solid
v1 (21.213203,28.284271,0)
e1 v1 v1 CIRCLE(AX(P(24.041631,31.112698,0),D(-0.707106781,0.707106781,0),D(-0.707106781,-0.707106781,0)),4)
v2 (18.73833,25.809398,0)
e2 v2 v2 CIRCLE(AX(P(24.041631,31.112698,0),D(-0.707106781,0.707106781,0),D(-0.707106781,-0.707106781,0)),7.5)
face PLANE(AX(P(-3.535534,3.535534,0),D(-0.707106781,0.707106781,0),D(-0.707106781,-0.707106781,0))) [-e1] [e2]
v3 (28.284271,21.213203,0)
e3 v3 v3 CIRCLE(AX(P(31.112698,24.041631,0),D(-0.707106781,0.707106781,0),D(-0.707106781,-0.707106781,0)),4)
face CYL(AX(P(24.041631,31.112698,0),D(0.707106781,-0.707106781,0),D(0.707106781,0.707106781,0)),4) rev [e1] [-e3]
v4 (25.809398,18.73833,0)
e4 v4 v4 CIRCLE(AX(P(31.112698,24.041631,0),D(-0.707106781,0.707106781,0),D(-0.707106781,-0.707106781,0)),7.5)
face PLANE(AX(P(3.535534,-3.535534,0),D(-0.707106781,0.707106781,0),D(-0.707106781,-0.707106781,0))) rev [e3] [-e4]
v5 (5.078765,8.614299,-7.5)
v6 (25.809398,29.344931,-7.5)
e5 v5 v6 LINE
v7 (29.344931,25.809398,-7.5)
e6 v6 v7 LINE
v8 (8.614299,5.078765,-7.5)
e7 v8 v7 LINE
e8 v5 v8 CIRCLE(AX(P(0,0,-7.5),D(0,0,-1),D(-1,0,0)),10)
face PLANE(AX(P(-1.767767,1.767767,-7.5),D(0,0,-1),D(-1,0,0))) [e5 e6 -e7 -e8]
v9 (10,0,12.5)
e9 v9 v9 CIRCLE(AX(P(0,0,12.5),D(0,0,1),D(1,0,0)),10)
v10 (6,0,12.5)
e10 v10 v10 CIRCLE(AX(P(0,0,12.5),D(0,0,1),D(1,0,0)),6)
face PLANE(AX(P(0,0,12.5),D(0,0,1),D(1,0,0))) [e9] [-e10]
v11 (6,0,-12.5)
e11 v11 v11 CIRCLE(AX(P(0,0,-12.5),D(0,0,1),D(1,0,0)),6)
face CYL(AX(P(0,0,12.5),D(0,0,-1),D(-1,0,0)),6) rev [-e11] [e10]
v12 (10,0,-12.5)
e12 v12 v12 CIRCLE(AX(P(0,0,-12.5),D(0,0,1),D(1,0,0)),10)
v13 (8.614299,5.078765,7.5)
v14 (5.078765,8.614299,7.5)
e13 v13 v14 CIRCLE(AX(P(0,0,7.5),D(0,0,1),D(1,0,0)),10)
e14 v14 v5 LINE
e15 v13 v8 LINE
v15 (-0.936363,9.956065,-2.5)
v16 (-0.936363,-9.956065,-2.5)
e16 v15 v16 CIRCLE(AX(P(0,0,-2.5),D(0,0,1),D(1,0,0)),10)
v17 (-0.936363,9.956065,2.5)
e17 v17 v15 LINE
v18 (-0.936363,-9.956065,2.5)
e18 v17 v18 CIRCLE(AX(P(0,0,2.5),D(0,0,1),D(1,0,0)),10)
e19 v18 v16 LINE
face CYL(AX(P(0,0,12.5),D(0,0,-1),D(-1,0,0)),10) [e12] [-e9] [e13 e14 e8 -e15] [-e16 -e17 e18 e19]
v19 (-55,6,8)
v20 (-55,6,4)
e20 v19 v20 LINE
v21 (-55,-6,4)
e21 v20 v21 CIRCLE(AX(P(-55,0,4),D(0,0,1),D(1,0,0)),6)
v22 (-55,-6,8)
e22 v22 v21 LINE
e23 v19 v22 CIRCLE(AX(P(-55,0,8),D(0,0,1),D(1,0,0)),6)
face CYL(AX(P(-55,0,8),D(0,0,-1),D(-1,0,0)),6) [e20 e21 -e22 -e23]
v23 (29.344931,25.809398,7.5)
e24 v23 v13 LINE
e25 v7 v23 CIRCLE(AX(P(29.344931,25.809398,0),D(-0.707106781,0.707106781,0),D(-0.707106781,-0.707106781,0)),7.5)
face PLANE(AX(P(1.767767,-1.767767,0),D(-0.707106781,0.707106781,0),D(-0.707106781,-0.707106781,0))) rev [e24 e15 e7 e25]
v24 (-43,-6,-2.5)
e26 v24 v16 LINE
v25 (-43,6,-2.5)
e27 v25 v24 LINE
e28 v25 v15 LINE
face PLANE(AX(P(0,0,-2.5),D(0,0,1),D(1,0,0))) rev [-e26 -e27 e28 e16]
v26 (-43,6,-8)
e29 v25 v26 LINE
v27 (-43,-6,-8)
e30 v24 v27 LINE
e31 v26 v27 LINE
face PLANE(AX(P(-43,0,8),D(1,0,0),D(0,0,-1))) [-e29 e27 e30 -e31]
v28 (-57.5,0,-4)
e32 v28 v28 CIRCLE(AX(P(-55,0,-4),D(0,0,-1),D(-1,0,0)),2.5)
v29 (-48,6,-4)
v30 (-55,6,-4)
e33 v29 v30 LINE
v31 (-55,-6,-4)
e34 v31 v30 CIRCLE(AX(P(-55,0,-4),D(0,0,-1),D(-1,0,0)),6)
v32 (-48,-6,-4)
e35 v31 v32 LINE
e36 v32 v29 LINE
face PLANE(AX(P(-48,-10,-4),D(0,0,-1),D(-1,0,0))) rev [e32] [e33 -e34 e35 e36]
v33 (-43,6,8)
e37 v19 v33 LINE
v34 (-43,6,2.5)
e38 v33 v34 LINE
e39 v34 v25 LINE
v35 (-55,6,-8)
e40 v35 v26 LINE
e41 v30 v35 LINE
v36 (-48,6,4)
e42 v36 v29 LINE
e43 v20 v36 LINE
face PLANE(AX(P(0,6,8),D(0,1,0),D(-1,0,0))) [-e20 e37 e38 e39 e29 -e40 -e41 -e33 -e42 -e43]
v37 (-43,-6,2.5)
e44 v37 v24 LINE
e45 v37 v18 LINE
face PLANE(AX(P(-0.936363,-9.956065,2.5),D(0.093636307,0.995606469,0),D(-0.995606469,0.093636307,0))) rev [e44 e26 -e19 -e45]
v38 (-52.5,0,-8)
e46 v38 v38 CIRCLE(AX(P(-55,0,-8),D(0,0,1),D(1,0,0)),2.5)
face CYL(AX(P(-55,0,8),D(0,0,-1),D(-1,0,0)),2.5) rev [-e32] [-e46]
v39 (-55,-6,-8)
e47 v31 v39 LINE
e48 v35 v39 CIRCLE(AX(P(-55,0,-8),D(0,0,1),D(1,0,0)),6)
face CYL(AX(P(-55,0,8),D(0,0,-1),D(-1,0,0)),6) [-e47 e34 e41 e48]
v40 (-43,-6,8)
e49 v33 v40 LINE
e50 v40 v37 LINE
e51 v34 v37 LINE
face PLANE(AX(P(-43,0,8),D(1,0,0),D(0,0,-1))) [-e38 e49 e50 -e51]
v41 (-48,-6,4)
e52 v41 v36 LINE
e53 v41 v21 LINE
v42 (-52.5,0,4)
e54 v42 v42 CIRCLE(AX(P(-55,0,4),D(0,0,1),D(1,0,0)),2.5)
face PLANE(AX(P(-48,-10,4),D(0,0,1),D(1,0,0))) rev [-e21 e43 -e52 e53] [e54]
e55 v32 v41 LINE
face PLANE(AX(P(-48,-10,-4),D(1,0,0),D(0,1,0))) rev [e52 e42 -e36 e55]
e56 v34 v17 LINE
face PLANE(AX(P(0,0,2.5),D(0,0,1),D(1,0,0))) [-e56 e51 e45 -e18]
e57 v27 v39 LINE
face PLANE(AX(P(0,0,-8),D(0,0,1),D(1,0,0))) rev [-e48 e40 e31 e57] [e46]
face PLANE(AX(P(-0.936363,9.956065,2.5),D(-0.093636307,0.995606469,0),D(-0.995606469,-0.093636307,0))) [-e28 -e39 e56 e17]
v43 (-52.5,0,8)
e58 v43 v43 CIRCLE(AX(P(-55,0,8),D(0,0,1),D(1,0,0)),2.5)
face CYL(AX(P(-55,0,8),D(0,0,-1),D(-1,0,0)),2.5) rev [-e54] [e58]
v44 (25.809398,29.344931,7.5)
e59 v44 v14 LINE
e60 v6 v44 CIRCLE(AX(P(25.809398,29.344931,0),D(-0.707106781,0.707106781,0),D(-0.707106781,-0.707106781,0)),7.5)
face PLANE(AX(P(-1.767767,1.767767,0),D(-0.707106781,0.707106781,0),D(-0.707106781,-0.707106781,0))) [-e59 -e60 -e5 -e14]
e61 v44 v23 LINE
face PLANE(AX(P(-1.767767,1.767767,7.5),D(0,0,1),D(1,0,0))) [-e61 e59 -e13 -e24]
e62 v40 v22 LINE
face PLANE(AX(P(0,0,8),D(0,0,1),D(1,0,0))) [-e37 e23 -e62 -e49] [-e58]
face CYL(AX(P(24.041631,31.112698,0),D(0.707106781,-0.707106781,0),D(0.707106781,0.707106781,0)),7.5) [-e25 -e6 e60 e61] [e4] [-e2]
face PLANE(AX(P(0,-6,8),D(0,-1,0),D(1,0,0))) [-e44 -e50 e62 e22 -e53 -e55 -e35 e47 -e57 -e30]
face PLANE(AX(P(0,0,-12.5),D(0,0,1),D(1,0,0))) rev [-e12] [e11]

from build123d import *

# Parameters (mm, degrees)
SKETCH1_R           = 10
SKETCH1_R_2         = 6
BOSS_EXTRUDE1_DEPTH = 12.5
BOSS_EXTRUDE2_DEPTH = 2.5
SKETCH2_3_R         = 2.5
BOSS_EXTRUDE3_DEPTH = 8
SKETCH3_W           = 13
SKETCH3_H           = 8
CUT_EXTRUDE1_DEPTH  = 65.290356975
BOSS_EXTRUDE4_DEPTH = 2.5
SKETCH4_5_R         = 4
BOSS_EXTRUDE5_DEPTH = 5


with BuildPart() as part:
    # Sketch1 → Boss-Extrude1 (new, symmetric)
    with BuildSketch(Plane.XY):
        Circle(SKETCH1_R)
        Circle(SKETCH1_R_2, mode=Mode.SUBTRACT)
    extrude(amount=BOSS_EXTRUDE1_DEPTH, both=True)

    # Sketch2 → Boss-Extrude2 (add, symmetric)
    with BuildSketch(Plane.XY):
        with BuildLine():
            Line((-0.936363066, 9.956064695), (-43, 6))
            Line((-43, 6), (-43, -6))
            Line((-43, -6), (-0.936363066, -9.956064695))
            ThreePointArc((-0.936363066, -9.956064695), (-10, 0), (-0.936363066, 9.956064695))
        make_face()
    extrude(amount=BOSS_EXTRUDE2_DEPTH, both=True)

    # Sketch2<3> → Boss-Extrude3 (add, symmetric)
    with BuildSketch(Plane.XY):
        with BuildLine():
            Line((-43, 6), (-55, 6))
            ThreePointArc((-55, 6), (-61, 0), (-55, -6))
            Line((-55, -6), (-43, -6))
            Line((-43, -6), (-43, 6))
        make_face()
        with Locations((-55, 0)):
            Circle(SKETCH2_3_R, mode=Mode.SUBTRACT)
    extrude(amount=BOSS_EXTRUDE3_DEPTH, both=True)

    # Sketch3 → Cut-Extrude1 (cut, through all)
    with BuildSketch(Plane(origin=(0, 6, 0), x_dir=(1, 0, 0), z_dir=(0, 1, 0))):
        with Locations((-54.5, 0)):
            Rectangle(SKETCH3_W, SKETCH3_H)
    extrude(amount=-CUT_EXTRUDE1_DEPTH, mode=Mode.SUBTRACT)

    # Sketch4 → Boss-Extrude4 (add, symmetric)
    with BuildSketch(Plane(origin=(0, 0, 0), x_dir=(0.7071067811865512, 0.7071067811865438, 0), z_dir=(-0.7071067811865438, 0.7071067811865512, 0))):
        with BuildLine():
            Line((39, 7.5), (8.997395084, 7.5))
            Line((8.997395084, 7.5), (8.997395084, -7.5))
            Line((8.997395084, -7.5), (39, -7.5))
            ThreePointArc((39, -7.5), (31.5, 0), (39, 7.5))
        make_face()
    extrude(amount=BOSS_EXTRUDE4_DEPTH, both=True)

    # Sketch4<5> → Boss-Extrude5 (add, symmetric)
    with BuildSketch(Plane(origin=(0, 0, 0), x_dir=(0.7071067811865512, 0.7071067811865438, 0), z_dir=(-0.7071067811865438, 0.7071067811865512, 0))):
        with BuildLine():
            ThreePointArc((46.5, 0), (44.303300859, 5.303300859), (39, 7.5))
            ThreePointArc((39, 7.5), (31.5, 0), (39, -7.5))
            ThreePointArc((39, -7.5), (44.303300859, -5.303300859), (46.5, 0))
        make_face()
        with Locations((39, 0)):
            Circle(SKETCH4_5_R, mode=Mode.SUBTRACT)
    extrude(amount=BOSS_EXTRUDE5_DEPTH, both=True)


solid = part.part
